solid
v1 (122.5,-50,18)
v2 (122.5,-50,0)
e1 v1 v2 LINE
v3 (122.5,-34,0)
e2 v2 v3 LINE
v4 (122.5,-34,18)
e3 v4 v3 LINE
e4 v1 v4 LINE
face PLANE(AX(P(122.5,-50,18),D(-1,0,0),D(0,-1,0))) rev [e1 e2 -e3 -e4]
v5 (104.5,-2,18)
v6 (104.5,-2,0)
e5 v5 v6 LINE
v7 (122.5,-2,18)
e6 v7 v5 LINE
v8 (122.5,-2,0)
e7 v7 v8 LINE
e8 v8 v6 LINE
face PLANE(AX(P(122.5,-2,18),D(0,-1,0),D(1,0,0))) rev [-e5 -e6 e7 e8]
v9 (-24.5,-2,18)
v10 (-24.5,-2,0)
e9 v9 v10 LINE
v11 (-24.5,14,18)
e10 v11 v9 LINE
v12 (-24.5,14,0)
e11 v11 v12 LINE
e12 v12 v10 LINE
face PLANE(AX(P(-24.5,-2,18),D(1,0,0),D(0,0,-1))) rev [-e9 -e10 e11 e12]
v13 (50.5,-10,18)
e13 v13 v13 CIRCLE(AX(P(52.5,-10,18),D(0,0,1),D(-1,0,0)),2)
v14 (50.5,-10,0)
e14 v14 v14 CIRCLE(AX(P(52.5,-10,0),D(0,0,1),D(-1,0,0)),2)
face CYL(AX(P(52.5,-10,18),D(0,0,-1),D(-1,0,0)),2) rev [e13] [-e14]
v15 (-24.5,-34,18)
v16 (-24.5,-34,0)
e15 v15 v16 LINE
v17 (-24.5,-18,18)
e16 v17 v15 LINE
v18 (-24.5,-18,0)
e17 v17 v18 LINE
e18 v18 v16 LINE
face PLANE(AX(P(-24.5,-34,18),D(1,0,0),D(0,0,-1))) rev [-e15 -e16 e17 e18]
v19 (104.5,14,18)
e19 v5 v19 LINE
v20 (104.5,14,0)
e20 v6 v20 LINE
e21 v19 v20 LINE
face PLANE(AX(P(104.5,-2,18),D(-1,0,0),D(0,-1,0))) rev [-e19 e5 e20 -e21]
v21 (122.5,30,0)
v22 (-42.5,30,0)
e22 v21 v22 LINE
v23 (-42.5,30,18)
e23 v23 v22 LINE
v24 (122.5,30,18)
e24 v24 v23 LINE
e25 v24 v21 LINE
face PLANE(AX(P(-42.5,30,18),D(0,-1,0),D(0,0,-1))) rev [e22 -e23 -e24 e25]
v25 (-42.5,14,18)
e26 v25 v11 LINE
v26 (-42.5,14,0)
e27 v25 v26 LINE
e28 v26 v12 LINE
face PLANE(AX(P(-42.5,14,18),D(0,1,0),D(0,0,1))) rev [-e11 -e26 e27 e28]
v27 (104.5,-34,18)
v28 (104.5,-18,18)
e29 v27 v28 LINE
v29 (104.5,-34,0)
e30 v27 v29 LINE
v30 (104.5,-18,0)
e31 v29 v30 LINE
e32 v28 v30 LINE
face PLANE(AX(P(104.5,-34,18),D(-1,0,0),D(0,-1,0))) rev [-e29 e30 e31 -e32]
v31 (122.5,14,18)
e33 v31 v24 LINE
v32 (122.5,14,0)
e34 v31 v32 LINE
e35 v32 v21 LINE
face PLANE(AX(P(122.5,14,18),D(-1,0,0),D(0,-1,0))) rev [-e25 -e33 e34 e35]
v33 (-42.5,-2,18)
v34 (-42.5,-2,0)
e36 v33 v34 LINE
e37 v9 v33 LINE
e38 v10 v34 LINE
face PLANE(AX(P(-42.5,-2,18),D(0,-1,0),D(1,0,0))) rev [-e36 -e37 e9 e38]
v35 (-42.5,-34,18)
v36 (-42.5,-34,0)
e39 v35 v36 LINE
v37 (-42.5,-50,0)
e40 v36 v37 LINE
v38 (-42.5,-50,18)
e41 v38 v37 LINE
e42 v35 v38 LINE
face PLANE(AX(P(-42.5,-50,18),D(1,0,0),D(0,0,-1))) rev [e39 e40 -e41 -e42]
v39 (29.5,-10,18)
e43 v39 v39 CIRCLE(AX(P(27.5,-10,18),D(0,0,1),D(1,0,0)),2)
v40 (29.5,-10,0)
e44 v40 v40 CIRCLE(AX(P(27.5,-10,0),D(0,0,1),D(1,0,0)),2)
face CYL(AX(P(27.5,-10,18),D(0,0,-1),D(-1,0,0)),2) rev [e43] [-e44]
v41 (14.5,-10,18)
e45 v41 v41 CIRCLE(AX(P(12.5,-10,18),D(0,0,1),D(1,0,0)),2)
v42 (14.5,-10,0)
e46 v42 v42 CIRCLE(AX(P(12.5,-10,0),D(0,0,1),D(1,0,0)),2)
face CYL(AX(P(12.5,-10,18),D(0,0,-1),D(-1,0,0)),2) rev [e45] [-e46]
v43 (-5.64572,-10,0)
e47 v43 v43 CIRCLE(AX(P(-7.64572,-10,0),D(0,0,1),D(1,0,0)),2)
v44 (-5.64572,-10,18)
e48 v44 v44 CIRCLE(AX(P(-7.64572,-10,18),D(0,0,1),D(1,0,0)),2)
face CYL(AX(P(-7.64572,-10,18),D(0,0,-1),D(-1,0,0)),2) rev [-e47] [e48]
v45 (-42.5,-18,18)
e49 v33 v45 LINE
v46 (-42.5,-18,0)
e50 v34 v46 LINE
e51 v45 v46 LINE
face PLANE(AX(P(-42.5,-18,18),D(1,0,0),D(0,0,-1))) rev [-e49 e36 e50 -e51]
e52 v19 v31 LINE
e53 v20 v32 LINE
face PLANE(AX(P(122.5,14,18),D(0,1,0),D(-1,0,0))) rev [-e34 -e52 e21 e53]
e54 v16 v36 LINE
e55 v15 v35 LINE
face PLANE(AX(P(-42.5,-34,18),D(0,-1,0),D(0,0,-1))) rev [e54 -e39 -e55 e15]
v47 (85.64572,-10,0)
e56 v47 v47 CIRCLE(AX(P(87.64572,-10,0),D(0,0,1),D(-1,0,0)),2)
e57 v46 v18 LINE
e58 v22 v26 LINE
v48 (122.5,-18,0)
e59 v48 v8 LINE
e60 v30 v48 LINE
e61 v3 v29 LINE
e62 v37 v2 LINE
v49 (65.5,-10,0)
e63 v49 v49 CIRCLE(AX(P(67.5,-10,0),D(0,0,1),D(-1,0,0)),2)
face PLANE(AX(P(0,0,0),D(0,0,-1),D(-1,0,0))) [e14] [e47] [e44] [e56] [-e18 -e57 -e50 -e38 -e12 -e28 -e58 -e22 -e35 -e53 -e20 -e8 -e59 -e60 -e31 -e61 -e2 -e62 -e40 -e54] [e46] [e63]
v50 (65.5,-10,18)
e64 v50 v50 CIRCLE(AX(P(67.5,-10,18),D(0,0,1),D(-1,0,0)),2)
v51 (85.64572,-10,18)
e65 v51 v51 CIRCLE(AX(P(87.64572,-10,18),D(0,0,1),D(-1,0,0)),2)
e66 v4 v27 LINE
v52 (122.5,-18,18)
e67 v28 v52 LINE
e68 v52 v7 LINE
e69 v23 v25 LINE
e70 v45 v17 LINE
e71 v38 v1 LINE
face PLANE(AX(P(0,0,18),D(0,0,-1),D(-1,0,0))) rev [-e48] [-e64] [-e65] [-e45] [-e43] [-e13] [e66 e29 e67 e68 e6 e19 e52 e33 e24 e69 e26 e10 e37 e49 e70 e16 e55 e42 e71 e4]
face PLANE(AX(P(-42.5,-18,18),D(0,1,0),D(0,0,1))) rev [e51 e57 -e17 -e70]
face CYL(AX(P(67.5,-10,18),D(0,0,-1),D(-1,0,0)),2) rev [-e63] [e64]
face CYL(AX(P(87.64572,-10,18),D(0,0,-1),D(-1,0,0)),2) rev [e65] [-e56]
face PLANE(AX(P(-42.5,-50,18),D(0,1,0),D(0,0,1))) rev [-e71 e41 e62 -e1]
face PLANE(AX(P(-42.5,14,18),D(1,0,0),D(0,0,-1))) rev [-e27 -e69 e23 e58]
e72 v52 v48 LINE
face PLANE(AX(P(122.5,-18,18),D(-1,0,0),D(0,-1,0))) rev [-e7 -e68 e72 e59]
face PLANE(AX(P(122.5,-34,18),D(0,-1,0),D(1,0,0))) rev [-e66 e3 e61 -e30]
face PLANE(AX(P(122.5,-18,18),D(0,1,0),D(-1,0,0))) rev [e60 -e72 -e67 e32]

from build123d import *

# Parameters (mm, degrees)
SKETCH1_R           = 2
BOSS_EXTRUDE1_DEPTH = 18


with BuildPart() as part:
    # Sketch1 → Boss-Extrude1 (new body)
    with BuildSketch(Plane.XY):
        Polygon((-42.5, -50), (122.5, -50), (122.5, -34), (104.5, -34), (104.5, -18), (122.5, -18), (122.5, -2), (104.5, -2), (104.5, 14), (122.5, 14), (122.5, 30), (-42.5, 30), (-42.5, 14), (-24.5, 14), (-24.5, -2), (-42.5, -2), (-42.5, -18), (-24.5, -18), (-24.5, -34), (-42.5, -34), align=None)
        with Locations((-7.645719598, -10)):
            Circle(SKETCH1_R, mode=Mode.SUBTRACT)
        with Locations((12.5, -10)):
            Circle(SKETCH1_R, mode=Mode.SUBTRACT)
        with Locations((27.5, -10)):
            Circle(SKETCH1_R, mode=Mode.SUBTRACT)
        with Locations((52.5, -10)):
            Circle(SKETCH1_R, mode=Mode.SUBTRACT)
        with Locations((67.5, -10)):
            Circle(SKETCH1_R, mode=Mode.SUBTRACT)
        with Locations((87.645719598, -10)):
            Circle(SKETCH1_R, mode=Mode.SUBTRACT)
    extrude(amount=BOSS_EXTRUDE1_DEPTH)


solid = part.part
